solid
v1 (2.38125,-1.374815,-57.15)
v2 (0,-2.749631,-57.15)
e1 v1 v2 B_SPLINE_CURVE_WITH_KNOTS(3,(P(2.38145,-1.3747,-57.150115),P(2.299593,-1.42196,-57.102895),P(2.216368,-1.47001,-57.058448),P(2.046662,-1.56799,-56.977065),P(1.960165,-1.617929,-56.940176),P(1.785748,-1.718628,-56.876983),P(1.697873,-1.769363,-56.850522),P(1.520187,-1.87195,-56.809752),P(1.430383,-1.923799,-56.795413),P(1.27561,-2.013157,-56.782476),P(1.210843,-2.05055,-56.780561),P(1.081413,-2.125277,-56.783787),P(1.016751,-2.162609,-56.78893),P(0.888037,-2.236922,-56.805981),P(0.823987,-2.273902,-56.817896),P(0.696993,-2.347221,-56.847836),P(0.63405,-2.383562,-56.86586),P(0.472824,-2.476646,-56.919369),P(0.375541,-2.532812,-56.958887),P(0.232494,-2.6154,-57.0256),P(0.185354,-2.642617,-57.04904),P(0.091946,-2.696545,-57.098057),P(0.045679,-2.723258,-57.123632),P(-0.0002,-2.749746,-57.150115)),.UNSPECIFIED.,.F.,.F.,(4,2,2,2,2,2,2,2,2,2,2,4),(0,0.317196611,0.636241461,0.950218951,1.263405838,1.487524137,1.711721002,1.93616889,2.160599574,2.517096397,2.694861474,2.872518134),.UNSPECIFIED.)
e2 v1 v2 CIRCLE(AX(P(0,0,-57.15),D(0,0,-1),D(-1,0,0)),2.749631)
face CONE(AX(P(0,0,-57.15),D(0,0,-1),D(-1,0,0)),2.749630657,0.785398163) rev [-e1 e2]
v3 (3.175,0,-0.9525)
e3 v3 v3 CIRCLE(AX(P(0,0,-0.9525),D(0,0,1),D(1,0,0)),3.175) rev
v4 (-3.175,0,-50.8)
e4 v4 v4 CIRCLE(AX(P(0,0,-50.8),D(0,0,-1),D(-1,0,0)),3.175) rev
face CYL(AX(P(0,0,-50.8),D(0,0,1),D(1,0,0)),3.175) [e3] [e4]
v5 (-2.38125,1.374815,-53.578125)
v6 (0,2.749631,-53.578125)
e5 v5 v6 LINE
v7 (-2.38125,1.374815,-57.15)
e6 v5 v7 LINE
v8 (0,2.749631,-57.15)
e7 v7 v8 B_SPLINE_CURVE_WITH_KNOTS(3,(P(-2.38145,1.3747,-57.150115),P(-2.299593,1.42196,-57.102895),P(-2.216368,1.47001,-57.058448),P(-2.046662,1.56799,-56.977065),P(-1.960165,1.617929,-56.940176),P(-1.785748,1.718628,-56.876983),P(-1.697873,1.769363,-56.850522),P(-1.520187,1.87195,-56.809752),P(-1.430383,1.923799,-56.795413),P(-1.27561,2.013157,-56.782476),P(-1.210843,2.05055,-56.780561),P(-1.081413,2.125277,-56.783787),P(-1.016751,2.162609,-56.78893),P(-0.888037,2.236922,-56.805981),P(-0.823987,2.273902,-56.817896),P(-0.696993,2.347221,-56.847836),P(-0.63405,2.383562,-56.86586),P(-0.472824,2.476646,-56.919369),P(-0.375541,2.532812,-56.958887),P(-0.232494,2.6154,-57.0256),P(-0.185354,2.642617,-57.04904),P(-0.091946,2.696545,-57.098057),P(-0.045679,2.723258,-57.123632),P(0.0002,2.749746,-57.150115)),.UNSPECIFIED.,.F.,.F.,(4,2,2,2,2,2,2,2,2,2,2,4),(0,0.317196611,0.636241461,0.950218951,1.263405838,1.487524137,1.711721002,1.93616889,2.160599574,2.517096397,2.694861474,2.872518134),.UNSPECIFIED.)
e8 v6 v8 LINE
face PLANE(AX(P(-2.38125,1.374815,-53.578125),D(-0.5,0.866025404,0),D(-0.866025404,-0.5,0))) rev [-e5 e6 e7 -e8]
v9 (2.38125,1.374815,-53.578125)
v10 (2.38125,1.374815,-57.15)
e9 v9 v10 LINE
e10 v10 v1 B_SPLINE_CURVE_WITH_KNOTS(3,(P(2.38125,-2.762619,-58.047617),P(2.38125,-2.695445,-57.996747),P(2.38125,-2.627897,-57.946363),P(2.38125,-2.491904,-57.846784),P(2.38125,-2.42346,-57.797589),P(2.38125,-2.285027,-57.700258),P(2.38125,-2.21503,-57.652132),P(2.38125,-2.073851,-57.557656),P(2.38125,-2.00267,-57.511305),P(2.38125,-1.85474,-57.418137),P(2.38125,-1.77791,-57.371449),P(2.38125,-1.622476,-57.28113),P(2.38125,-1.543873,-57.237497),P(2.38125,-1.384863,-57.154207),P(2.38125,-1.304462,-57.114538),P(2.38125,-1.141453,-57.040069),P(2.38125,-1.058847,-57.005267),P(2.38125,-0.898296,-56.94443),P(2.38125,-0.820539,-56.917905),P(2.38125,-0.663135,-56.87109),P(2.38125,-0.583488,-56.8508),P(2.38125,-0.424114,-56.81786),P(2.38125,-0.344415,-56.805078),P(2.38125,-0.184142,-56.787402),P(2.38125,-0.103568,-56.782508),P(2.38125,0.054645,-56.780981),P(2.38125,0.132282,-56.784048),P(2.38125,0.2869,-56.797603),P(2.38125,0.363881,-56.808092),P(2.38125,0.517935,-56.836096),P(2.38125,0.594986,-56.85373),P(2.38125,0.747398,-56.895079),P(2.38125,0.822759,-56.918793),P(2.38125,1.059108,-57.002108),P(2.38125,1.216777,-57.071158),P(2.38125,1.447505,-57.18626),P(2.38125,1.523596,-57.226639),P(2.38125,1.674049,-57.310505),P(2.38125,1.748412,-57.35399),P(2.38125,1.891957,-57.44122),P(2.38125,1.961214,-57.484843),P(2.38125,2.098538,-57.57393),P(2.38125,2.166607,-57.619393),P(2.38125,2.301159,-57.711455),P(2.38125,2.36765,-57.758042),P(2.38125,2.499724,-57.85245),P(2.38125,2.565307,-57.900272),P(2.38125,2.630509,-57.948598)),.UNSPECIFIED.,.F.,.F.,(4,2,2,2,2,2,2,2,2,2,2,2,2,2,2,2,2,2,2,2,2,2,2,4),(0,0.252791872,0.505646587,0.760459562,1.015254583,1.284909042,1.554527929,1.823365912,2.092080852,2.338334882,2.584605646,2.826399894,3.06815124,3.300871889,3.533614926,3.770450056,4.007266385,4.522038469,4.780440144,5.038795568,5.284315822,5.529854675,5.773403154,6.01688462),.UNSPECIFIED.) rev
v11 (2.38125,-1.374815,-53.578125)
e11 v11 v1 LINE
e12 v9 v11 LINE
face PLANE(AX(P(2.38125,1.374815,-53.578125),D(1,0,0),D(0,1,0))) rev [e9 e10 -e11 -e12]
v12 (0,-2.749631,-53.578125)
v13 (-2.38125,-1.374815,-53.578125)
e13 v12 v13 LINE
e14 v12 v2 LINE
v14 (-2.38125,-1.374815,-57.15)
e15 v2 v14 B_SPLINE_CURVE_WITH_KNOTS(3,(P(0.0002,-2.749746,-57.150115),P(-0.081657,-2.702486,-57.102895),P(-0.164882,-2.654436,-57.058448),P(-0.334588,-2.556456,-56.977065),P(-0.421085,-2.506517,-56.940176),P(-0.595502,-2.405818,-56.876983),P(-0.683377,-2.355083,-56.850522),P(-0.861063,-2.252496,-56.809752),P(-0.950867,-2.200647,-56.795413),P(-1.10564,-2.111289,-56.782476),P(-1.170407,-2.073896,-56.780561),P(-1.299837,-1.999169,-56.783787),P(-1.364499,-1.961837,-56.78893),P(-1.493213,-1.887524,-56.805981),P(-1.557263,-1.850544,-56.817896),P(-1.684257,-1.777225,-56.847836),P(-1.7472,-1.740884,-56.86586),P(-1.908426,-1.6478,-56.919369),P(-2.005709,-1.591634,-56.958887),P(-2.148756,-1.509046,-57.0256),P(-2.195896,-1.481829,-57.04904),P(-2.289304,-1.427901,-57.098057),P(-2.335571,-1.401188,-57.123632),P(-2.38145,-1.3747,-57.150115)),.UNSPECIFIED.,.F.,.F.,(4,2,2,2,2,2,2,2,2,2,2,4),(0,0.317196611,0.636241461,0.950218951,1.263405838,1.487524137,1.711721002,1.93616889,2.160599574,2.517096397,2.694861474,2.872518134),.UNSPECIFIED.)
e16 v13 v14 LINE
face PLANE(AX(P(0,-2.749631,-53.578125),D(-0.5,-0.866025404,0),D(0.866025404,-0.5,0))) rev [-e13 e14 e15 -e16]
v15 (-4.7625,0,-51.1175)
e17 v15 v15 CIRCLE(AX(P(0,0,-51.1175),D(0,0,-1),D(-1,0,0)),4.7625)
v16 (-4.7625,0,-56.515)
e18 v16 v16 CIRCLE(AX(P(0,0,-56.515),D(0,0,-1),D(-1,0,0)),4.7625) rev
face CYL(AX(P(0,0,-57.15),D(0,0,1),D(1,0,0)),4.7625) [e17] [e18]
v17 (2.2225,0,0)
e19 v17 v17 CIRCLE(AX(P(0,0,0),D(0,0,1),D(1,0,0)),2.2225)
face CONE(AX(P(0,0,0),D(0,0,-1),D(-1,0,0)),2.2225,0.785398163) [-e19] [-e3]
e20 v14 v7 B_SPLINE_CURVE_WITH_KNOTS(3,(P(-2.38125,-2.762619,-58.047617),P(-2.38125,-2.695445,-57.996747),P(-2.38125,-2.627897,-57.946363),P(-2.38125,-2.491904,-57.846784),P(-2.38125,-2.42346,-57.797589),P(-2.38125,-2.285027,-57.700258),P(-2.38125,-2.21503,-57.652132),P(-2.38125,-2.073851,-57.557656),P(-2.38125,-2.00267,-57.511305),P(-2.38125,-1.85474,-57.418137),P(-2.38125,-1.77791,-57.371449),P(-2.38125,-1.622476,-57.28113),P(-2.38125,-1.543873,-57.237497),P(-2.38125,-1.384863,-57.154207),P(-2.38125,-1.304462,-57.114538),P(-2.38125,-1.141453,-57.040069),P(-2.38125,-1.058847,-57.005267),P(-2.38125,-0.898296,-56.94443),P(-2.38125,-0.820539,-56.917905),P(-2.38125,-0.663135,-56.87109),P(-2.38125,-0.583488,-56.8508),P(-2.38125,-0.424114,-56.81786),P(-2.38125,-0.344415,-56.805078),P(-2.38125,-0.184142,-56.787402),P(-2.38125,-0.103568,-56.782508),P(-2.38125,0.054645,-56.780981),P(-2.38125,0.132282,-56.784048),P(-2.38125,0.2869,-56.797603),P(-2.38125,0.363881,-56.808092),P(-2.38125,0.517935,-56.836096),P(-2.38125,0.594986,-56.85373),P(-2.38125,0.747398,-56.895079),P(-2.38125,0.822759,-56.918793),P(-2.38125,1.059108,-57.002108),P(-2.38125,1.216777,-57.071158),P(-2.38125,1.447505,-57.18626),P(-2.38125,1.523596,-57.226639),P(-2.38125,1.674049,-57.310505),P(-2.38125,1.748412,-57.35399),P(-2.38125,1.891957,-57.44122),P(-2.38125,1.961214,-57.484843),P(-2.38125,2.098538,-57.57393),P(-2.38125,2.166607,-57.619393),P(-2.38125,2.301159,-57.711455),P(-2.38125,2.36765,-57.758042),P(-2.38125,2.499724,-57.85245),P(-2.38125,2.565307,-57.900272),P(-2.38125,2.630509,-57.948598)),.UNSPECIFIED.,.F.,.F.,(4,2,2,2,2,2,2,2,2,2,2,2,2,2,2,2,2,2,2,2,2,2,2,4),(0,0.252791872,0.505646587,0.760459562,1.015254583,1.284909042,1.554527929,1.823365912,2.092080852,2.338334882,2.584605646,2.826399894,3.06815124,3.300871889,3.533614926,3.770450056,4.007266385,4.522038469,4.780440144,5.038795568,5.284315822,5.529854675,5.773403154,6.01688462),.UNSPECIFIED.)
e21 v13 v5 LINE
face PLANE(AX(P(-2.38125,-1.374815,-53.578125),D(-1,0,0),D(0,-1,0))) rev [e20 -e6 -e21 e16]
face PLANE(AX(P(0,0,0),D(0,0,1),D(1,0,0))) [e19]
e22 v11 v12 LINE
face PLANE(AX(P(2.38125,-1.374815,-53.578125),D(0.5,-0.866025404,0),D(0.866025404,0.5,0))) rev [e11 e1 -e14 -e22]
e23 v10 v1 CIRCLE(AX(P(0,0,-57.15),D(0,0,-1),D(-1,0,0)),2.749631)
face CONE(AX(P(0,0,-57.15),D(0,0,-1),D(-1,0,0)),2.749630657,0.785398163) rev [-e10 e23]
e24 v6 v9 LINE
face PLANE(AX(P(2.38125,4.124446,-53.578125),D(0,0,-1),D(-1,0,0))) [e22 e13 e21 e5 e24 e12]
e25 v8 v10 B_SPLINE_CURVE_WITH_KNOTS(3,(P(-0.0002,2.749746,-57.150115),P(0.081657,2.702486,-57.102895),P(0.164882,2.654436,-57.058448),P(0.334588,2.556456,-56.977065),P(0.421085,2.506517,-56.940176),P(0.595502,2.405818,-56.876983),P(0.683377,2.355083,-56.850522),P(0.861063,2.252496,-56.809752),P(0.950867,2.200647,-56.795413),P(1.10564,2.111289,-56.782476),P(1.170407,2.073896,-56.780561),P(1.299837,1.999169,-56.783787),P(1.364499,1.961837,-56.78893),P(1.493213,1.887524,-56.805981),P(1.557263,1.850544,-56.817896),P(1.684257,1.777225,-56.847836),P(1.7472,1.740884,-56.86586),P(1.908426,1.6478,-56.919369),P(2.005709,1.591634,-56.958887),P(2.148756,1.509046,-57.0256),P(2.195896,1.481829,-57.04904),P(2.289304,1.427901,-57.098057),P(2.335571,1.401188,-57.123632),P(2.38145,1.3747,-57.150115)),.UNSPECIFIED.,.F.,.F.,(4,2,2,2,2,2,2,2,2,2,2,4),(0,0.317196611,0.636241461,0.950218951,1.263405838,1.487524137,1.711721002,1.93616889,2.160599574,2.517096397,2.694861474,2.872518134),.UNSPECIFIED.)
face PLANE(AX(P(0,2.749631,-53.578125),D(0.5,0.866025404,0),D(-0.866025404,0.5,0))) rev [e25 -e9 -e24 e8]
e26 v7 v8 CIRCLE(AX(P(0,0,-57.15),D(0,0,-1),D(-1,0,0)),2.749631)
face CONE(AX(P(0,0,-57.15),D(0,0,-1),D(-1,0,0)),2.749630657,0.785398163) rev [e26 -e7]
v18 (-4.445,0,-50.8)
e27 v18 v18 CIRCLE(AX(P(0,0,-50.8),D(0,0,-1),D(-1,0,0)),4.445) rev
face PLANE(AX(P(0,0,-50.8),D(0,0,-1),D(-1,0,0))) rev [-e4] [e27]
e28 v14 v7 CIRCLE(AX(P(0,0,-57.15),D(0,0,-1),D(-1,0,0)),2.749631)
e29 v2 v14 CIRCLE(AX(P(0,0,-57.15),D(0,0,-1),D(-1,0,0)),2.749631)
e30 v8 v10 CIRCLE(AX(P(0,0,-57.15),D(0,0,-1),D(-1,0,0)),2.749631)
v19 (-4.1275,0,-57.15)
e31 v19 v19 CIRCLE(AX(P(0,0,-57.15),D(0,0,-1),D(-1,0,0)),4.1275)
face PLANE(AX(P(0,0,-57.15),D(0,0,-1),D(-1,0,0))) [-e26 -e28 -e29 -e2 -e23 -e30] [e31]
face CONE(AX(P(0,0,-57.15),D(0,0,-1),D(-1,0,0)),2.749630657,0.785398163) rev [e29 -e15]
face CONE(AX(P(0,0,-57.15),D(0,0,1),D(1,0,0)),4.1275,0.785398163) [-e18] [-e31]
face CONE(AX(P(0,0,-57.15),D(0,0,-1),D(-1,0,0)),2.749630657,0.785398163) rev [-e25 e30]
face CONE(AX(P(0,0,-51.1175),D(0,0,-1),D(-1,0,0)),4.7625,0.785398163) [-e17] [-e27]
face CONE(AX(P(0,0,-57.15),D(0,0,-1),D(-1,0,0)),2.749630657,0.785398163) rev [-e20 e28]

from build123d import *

# Parameters (mm, degrees)
SKETCH1_R          = 3.175
EXTRUDE1_DEPTH     = 50.8
CHAMFER3_SIZE      = 0.9525
SKETCH6_R          = 4.7625
EXTRUDE2_DEPTH     = 6.35
CUT_EXTRUDE1_DEPTH = 3.571875
SKETCH8_R          = 2.749630657
CUT_EXTRUDE2_DEPTH = 0.635
CUT_EXTRUDE2_DRAFT = -45
CHAMFER1_SIZE      = 0.635
CHAMFER2_SIZE      = 0.3175


with BuildPart() as part:
    # Sketch1 → Extrude1 (new body)
    with BuildSketch(Plane.XY):
        Circle(SKETCH1_R)
    extrude(amount=-EXTRUDE1_DEPTH)

    # Chamfer3
    chamfer3_edges = [part.edges().sort_by_distance(p)[0] for p in [
        (-3.175, 0, 0),
    ]]
    chamfer(chamfer3_edges, length=CHAMFER3_SIZE)

    # Sketch5 → partially thread (revolve)
    with BuildSketch(Plane(origin=(0, 0, 0), x_dir=(0, 0, -1), z_dir=(1, 0, 0))):
        Polygon((50.8, 3.175), (25.4, 3.175), (22.225, 0), (25.4, 0), (50.8, 0), align=None)
    revolve(axis=Axis((0, 0, 0), (0, 0, -1)))

    # Sketch6 → Extrude2 (add)
    with BuildSketch(Plane(origin=(0, 0, -50.8), x_dir=(-1, 0, 0), z_dir=(0, 0, -1))):
        Circle(SKETCH6_R)
    extrude(amount=EXTRUDE2_DEPTH)

    # Sketch7 → Cut-Extrude1 (cut)
    with BuildSketch(Plane(origin=(0, 0, -57.15), x_dir=(-1, 0, 0), z_dir=(0, 0, -1))):
        Polygon((0, 2.749630657), (-2.38125, 1.374815329), (-2.38125, -1.374815329), (0, -2.749630657), (2.38125, -1.374815329), (2.38125, 1.374815329), align=None)
    extrude(amount=-CUT_EXTRUDE1_DEPTH, mode=Mode.SUBTRACT)


with BuildPart() as cut_extrude2_tool:
    # Sketch8 → Cut-Extrude2 (with draft: the straight prism first)
    with BuildSketch(Plane(origin=(0, 0, -57.15), x_dir=(-1, 0, 0), z_dir=(0, 0, -1))):
        Circle(SKETCH8_R)
    extrude(amount=-CUT_EXTRUDE2_DEPTH)
    # Cut-Extrude2: the draft: its side faces are tilted about the plane it starts from
    cut_extrude2_sides = [cut_extrude2_tool.faces().sort_by_distance(p)[0] for p in [
        (2.749630657, 0, -56.8325),
    ]]
    draft(cut_extrude2_sides, Plane(origin=(0, 0, -57.15), x_dir=(-1, 0, 0), z_dir=(0, 0, -1)), CUT_EXTRUDE2_DRAFT)


with BuildPart() as part_1:
    add(part.part)

    # Cut-Extrude2: cut by cut_extrude2_tool
    add(cut_extrude2_tool.part, mode=Mode.SUBTRACT)

    # Chamfer1
    chamfer1_edges = [part_1.edges().sort_by_distance(p)[0] for p in [
        (4.7625, 0, -57.15),
    ]]
    chamfer(chamfer1_edges, length=CHAMFER1_SIZE)

    # Chamfer2
    chamfer2_edges = [part_1.edges().sort_by_distance(p)[0] for p in [
        (4.7625, 0, -50.8),
    ]]
    chamfer(chamfer2_edges, length=CHAMFER2_SIZE)


solid = part_1.part
